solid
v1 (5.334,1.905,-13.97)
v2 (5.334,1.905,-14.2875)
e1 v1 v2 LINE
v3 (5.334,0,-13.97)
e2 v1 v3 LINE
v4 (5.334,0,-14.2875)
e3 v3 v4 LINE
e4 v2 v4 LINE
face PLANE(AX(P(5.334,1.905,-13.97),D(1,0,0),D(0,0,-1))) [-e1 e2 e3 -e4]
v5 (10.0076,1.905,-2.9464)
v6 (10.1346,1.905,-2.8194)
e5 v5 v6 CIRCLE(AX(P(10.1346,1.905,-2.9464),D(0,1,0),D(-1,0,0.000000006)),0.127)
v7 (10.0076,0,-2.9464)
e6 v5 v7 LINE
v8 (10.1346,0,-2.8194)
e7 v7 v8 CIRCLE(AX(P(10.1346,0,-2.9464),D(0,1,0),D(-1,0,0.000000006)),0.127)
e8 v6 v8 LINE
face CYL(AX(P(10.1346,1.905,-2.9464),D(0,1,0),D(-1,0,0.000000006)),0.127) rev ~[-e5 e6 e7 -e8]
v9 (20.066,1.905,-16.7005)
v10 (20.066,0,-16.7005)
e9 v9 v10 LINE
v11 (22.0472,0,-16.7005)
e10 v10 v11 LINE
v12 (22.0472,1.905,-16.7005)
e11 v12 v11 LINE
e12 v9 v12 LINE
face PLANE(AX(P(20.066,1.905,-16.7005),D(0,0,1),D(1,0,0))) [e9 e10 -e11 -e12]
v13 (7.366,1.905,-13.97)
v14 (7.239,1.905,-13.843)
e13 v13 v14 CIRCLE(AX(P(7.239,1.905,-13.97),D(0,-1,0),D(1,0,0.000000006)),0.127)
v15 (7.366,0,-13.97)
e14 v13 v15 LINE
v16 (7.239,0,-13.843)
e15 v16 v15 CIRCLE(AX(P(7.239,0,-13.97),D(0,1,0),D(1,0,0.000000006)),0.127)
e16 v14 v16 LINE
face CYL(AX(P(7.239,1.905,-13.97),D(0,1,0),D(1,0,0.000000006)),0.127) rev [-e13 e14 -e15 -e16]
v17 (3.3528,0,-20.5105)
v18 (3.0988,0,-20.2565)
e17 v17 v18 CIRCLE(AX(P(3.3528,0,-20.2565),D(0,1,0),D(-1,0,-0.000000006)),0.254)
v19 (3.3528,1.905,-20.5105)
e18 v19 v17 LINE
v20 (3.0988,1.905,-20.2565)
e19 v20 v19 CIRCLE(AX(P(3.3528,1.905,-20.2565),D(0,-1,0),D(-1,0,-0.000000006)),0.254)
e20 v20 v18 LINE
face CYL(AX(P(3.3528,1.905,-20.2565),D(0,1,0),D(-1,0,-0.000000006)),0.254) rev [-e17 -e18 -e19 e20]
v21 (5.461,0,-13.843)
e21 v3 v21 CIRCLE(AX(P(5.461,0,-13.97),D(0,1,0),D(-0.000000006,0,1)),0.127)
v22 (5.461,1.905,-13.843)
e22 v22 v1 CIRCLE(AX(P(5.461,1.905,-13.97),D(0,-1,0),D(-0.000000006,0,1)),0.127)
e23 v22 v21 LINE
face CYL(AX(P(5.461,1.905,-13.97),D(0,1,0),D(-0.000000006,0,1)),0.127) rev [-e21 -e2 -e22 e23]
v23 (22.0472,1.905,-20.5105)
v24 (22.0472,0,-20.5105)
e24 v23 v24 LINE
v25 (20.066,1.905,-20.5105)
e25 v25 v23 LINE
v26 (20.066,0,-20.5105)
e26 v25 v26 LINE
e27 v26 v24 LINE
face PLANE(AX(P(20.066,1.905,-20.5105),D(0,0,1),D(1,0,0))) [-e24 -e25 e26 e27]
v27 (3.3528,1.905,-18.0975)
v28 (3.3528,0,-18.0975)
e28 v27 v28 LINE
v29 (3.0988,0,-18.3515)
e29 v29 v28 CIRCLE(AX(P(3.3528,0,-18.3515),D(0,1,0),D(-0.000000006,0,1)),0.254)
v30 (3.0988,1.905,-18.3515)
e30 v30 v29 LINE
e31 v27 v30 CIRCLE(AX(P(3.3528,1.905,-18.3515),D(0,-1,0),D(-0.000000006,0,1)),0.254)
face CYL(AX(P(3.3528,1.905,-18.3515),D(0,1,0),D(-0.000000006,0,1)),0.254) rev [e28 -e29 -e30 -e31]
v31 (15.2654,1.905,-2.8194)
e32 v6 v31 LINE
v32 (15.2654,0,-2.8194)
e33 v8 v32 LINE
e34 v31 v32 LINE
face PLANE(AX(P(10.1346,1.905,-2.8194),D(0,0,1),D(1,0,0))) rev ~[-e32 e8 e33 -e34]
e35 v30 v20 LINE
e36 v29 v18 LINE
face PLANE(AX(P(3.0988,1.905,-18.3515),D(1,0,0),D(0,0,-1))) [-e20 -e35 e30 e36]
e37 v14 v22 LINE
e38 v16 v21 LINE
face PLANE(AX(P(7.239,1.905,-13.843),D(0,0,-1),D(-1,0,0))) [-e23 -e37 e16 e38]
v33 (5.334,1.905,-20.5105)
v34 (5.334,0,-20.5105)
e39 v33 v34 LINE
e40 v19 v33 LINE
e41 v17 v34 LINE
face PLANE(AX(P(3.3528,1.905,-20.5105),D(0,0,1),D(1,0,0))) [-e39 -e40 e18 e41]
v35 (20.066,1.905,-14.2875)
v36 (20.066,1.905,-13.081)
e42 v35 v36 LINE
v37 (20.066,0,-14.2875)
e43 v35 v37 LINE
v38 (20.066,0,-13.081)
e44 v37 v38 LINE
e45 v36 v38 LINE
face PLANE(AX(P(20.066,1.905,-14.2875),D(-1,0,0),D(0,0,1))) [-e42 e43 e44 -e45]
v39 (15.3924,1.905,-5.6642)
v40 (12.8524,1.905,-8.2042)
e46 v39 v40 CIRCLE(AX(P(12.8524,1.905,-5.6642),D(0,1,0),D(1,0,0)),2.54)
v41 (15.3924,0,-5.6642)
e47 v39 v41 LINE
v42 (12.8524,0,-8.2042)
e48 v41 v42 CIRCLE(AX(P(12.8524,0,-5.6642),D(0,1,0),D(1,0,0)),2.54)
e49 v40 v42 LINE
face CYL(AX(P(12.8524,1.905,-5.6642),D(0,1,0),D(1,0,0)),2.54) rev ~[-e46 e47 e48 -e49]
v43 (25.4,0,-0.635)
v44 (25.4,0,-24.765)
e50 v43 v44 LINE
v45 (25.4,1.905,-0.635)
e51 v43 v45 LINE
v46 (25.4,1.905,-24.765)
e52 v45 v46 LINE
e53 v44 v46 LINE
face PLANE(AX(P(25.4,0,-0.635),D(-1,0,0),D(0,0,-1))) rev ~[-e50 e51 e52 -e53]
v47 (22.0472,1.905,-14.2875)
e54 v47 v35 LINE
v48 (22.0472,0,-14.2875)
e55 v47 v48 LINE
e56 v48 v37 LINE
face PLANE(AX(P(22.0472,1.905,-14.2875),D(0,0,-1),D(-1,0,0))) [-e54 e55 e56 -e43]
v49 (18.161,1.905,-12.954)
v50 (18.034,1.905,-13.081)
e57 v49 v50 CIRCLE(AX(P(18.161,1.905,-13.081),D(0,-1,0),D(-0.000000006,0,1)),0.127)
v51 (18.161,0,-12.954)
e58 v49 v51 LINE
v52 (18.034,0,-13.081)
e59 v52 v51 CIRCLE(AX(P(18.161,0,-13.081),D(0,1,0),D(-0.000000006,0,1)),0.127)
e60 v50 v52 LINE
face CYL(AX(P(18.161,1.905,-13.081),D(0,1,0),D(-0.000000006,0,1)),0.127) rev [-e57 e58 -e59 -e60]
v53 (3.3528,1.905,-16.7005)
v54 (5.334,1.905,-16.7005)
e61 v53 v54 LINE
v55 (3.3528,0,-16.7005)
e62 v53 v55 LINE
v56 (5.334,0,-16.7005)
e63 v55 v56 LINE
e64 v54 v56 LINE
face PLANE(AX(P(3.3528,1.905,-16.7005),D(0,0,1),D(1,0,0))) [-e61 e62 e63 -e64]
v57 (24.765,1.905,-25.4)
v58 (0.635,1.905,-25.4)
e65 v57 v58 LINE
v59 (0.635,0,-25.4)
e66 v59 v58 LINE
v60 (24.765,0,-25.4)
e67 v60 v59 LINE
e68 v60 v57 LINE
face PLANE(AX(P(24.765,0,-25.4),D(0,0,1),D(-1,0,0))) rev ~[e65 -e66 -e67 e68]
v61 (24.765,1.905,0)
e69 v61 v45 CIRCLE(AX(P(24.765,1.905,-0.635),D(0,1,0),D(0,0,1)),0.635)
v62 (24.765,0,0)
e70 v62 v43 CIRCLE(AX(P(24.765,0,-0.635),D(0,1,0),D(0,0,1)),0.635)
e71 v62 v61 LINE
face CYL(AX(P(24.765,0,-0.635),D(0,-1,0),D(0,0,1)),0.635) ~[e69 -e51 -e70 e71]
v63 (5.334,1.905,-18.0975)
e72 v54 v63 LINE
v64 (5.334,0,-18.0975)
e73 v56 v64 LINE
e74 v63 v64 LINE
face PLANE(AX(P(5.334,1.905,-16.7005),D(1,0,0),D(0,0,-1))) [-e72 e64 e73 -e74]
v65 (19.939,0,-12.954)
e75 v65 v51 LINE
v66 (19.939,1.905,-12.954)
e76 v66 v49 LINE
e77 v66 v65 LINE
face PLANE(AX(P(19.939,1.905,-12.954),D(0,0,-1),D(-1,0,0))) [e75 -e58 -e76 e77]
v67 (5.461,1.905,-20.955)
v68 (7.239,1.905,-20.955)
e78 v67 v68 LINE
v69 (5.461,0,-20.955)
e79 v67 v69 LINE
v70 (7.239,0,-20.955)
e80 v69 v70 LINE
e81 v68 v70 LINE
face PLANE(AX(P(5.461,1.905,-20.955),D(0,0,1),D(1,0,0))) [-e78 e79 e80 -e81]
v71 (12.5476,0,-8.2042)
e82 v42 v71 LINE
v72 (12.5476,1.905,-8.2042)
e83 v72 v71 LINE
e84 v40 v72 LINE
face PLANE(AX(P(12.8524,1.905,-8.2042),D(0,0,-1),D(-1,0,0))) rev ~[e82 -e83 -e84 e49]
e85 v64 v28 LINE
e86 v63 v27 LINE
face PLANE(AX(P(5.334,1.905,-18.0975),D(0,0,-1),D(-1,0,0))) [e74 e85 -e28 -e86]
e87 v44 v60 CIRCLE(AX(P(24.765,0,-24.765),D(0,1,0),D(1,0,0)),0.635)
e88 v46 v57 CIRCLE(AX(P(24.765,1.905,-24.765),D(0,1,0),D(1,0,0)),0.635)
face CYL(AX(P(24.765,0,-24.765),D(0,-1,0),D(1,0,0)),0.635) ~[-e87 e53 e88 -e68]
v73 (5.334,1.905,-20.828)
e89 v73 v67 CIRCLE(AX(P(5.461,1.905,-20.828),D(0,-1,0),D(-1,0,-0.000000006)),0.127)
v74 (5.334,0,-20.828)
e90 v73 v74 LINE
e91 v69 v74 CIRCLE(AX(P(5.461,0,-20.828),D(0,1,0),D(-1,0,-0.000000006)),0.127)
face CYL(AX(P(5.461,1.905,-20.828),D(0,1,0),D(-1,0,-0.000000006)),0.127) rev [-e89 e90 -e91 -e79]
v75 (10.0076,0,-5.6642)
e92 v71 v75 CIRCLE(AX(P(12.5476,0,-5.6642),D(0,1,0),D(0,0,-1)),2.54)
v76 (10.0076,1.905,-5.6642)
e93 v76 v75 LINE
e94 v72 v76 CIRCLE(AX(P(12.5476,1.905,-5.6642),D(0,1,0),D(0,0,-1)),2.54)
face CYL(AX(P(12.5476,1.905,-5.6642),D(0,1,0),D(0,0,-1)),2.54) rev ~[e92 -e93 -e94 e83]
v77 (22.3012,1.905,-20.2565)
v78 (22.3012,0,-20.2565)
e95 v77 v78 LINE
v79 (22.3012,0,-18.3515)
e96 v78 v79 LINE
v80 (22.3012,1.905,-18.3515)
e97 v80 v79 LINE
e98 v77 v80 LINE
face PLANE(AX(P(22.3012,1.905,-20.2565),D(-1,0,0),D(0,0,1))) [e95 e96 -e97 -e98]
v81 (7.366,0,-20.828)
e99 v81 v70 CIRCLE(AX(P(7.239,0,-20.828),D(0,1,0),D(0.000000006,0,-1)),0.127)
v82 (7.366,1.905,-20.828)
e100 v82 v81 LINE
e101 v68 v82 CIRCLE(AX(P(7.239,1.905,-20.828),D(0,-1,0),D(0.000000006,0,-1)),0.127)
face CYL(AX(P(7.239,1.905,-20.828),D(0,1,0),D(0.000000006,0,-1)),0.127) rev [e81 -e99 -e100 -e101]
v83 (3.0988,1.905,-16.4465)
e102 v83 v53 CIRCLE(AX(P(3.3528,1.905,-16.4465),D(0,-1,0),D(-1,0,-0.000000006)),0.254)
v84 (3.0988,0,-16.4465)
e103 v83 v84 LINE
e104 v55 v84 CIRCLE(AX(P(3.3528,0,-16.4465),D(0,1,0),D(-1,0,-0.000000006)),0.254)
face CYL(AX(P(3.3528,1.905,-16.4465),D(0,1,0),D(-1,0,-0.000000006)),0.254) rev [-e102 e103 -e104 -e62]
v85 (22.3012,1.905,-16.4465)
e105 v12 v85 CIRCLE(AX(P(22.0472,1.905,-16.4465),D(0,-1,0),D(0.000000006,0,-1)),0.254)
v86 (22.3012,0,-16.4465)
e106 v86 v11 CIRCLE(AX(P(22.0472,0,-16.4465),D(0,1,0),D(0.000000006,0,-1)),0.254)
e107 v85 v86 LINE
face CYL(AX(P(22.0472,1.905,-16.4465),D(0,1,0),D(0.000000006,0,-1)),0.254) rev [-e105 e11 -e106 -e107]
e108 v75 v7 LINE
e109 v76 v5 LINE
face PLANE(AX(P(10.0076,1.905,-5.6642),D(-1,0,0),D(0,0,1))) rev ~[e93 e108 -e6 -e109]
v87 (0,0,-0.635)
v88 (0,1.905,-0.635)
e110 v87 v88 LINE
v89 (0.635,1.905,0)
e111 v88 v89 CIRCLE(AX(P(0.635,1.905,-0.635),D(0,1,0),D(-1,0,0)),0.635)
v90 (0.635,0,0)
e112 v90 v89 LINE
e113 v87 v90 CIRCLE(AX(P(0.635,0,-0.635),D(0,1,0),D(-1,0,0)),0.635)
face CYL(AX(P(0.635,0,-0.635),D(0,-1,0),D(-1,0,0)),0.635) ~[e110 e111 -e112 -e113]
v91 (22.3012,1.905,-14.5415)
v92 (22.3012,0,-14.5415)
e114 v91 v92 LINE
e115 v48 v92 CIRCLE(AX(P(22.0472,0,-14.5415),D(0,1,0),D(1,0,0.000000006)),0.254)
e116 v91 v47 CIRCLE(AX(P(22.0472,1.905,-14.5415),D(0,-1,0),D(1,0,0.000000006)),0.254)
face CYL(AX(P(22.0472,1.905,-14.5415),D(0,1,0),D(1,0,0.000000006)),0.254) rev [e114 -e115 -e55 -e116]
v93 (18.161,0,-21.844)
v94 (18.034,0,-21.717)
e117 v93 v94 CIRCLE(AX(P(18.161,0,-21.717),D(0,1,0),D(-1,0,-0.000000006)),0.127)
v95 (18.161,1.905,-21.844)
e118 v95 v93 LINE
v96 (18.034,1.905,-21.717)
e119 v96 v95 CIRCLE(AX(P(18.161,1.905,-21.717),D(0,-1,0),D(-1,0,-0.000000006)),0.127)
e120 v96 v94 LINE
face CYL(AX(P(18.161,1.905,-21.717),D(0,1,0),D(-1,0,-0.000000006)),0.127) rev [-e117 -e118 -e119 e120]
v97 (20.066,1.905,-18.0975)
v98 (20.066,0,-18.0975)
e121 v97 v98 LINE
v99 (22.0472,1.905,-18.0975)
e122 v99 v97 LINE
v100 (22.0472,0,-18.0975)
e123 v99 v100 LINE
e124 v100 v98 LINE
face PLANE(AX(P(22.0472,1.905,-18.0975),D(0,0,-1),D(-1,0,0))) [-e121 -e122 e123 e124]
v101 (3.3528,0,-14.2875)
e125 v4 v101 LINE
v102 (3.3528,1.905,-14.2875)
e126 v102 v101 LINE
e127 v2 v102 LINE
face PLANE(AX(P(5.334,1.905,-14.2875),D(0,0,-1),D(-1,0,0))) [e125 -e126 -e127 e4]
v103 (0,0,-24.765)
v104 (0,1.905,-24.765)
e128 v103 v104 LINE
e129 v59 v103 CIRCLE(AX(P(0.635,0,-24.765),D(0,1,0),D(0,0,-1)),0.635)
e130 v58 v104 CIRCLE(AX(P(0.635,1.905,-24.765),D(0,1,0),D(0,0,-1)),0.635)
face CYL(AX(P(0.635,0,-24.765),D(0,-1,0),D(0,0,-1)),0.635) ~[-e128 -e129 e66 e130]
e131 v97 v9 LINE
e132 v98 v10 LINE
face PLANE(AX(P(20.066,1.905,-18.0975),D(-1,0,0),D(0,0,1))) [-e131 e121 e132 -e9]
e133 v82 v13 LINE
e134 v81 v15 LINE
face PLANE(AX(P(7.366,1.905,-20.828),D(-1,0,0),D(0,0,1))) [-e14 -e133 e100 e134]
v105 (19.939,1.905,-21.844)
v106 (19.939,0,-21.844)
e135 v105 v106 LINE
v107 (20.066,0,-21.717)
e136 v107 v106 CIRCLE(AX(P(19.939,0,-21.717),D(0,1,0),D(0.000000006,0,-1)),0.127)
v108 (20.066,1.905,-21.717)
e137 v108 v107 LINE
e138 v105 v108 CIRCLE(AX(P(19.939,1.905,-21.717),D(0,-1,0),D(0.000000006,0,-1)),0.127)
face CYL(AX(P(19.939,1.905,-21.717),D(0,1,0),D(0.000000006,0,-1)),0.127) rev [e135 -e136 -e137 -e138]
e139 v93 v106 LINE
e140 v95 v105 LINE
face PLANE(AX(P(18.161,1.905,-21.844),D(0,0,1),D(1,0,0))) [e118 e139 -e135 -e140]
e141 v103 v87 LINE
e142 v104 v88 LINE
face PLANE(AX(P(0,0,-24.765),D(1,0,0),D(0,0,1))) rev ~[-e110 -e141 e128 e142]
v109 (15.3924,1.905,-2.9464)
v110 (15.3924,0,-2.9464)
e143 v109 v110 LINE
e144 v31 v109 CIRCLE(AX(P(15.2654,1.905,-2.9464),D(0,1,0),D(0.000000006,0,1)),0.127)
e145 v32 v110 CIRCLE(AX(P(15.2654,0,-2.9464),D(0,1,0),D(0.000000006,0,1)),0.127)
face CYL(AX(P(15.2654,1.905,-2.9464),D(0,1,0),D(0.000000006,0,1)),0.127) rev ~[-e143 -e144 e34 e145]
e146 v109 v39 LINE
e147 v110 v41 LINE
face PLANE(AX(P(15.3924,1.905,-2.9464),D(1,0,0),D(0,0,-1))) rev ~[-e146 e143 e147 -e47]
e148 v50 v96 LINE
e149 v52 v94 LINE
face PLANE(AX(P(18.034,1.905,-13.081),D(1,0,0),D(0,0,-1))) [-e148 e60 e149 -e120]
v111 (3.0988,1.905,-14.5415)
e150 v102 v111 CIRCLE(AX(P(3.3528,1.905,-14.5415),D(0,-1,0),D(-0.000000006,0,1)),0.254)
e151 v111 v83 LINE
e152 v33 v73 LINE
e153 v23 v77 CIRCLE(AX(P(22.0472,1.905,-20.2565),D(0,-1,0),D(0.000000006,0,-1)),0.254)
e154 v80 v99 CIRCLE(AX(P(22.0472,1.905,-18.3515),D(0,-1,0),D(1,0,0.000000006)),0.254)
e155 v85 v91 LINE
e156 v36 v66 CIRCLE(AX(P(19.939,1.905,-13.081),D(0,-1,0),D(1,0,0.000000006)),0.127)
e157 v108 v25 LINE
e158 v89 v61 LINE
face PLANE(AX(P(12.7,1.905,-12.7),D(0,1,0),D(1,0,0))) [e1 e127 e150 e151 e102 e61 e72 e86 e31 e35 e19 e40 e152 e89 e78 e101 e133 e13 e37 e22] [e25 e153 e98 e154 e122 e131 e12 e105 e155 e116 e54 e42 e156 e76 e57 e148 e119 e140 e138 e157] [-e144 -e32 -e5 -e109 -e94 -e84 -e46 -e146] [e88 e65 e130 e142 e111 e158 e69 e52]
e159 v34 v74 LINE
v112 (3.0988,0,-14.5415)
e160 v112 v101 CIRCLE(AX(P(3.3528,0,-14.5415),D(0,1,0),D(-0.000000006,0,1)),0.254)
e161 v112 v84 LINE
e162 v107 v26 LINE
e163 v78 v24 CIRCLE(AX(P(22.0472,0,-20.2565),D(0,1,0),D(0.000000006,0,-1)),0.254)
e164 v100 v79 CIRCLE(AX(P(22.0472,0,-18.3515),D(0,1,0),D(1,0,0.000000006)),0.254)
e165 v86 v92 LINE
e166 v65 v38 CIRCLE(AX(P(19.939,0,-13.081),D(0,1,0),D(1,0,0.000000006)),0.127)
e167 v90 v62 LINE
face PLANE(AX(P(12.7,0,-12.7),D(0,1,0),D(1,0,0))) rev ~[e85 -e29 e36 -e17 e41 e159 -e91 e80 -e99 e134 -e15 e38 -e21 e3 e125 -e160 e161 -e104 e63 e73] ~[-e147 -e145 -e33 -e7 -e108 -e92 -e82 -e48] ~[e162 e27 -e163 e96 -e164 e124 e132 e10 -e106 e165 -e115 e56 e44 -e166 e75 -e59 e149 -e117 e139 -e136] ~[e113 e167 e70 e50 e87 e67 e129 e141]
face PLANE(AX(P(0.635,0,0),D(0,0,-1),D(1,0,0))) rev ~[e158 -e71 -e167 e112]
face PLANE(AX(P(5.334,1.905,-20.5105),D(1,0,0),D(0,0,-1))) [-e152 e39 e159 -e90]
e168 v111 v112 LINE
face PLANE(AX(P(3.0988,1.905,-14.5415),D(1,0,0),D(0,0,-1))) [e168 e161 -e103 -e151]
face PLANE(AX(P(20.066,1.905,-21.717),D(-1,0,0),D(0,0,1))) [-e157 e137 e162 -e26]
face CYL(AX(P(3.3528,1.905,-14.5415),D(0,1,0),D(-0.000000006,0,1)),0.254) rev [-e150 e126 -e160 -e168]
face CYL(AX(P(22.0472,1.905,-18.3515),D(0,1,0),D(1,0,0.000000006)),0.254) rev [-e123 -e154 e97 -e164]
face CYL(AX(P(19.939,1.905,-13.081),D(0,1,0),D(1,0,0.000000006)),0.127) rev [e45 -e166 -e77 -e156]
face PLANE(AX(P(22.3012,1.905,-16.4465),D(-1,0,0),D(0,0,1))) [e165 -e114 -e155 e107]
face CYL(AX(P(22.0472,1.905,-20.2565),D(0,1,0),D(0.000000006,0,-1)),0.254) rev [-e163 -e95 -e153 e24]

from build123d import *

# Parameters (mm, degrees)
BOSS_EXTRUDE1_DEPTH = 1.905
CUT_EXTRUDE1_DEPTH  = 36.971502957


with BuildPart() as part:
    # Sketch1 → Boss-Extrude1 (new body)
    with BuildSketch(Plane(origin=(0, 0, 0), x_dir=(1, 0, 0), z_dir=(0, 1, 0))):
        with BuildLine():
            Line((0.635, 0), (24.765, 0))
            ThreePointArc((24.765, 0), (25.214012806, 0.185987194), (25.4, 0.635))
            Line((25.4, 0.635), (25.4, 24.765))
            ThreePointArc((25.4, 24.765), (25.214012806, 25.214012806), (24.765, 25.4))
            Line((24.765, 25.4), (0.635, 25.4))
            ThreePointArc((0.635, 25.4), (0.185987194, 25.214012806), (0, 24.765))
            Line((0, 24.765), (0, 0.635))
            ThreePointArc((0, 0.635), (0.185987194, 0.185987194), (0.635, 0))
        make_face()
    extrude(amount=BOSS_EXTRUDE1_DEPTH)

    # Sketch2 → Cut-Extrude1 (cut, through all)
    with BuildSketch(Plane(origin=(0, 1.905, 0), x_dir=(1, 0, 0), z_dir=(0, 1, 0))):
        with BuildLine():
            Line((10.1346, 2.8194), (15.2654, 2.8194))
            ThreePointArc((15.2654, 2.8194), (15.355202561, 2.856597439), (15.3924, 2.9464))
            Line((15.3924, 2.9464), (15.3924, 5.6642))
            ThreePointArc((15.3924, 5.6642), (14.648451224, 7.460251224), (12.8524, 8.2042))
            Line((12.8524, 8.2042), (12.5476, 8.2042))
            ThreePointArc((12.5476, 8.2042), (10.751548776, 7.460251224), (10.0076, 5.6642))
            Line((10.0076, 5.6642), (10.0076, 2.9464))
            ThreePointArc((10.0076, 2.9464), (10.044797439, 2.856597439), (10.1346, 2.8194))
        make_face()
        with BuildLine():
            Line((5.461, 20.955), (7.239, 20.955))
            ThreePointArc((7.239, 20.955), (7.328802561, 20.917802561), (7.366, 20.828))
            Line((7.366, 20.828), (7.366, 13.97))
            ThreePointArc((7.366, 13.97), (7.328802561, 13.880197439), (7.239, 13.843))
            Line((7.239, 13.843), (5.461, 13.843))
            ThreePointArc((5.461, 13.843), (5.371197439, 13.880197439), (5.334, 13.97))
            Line((5.334, 13.97), (5.334, 14.2875))
            Line((5.334, 14.2875), (3.3528, 14.2875))
            ThreePointArc((3.3528, 14.2875), (3.173194878, 14.361894878), (3.0988, 14.5415))
            Line((3.0988, 14.5415), (3.0988, 16.4465))
            ThreePointArc((3.0988, 16.4465), (3.173194878, 16.626105122), (3.3528, 16.7005))
            Line((3.3528, 16.7005), (5.334, 16.7005))
            Line((5.334, 16.7005), (5.334, 18.0975))
            Line((5.334, 18.0975), (3.3528, 18.0975))
            ThreePointArc((3.3528, 18.0975), (3.173194878, 18.171894878), (3.0988, 18.3515))
            Line((3.0988, 18.3515), (3.0988, 20.2565))
            ThreePointArc((3.0988, 20.2565), (3.173194878, 20.436105122), (3.3528, 20.5105))
            Line((3.3528, 20.5105), (5.334, 20.5105))
            Line((5.334, 20.5105), (5.334, 20.828))
            ThreePointArc((5.334, 20.828), (5.371197439, 20.917802561), (5.461, 20.955))
        make_face()
        with BuildLine():
            Line((18.161, 21.844), (19.939, 21.844))
            ThreePointArc((19.939, 21.844), (20.028802561, 21.806802561), (20.066, 21.717))
            Line((20.066, 21.717), (20.066, 20.5105))
            Line((20.066, 20.5105), (22.0472, 20.5105))
            ThreePointArc((22.0472, 20.5105), (22.226805122, 20.436105122), (22.3012, 20.2565))
            Line((22.3012, 20.2565), (22.3012, 18.3515))
            ThreePointArc((22.3012, 18.3515), (22.226805122, 18.171894878), (22.0472, 18.0975))
            Line((22.0472, 18.0975), (20.066, 18.0975))
            Line((20.066, 18.0975), (20.066, 16.7005))
            Line((20.066, 16.7005), (22.0472, 16.7005))
            ThreePointArc((22.0472, 16.7005), (22.226805122, 16.626105122), (22.3012, 16.4465))
            Line((22.3012, 16.4465), (22.3012, 14.5415))
            ThreePointArc((22.3012, 14.5415), (22.226805122, 14.361894878), (22.0472, 14.2875))
            Line((22.0472, 14.2875), (20.066, 14.2875))
            Line((20.066, 14.2875), (20.066, 13.081))
            ThreePointArc((20.066, 13.081), (20.028802561, 12.991197439), (19.939, 12.954))
            Line((19.939, 12.954), (18.161, 12.954))
            ThreePointArc((18.161, 12.954), (18.071197439, 12.991197439), (18.034, 13.081))
            Line((18.034, 13.081), (18.034, 21.717))
            ThreePointArc((18.034, 21.717), (18.071197439, 21.806802561), (18.161, 21.844))
        make_face()
    extrude(amount=-CUT_EXTRUDE1_DEPTH, mode=Mode.SUBTRACT)


solid = part.part
